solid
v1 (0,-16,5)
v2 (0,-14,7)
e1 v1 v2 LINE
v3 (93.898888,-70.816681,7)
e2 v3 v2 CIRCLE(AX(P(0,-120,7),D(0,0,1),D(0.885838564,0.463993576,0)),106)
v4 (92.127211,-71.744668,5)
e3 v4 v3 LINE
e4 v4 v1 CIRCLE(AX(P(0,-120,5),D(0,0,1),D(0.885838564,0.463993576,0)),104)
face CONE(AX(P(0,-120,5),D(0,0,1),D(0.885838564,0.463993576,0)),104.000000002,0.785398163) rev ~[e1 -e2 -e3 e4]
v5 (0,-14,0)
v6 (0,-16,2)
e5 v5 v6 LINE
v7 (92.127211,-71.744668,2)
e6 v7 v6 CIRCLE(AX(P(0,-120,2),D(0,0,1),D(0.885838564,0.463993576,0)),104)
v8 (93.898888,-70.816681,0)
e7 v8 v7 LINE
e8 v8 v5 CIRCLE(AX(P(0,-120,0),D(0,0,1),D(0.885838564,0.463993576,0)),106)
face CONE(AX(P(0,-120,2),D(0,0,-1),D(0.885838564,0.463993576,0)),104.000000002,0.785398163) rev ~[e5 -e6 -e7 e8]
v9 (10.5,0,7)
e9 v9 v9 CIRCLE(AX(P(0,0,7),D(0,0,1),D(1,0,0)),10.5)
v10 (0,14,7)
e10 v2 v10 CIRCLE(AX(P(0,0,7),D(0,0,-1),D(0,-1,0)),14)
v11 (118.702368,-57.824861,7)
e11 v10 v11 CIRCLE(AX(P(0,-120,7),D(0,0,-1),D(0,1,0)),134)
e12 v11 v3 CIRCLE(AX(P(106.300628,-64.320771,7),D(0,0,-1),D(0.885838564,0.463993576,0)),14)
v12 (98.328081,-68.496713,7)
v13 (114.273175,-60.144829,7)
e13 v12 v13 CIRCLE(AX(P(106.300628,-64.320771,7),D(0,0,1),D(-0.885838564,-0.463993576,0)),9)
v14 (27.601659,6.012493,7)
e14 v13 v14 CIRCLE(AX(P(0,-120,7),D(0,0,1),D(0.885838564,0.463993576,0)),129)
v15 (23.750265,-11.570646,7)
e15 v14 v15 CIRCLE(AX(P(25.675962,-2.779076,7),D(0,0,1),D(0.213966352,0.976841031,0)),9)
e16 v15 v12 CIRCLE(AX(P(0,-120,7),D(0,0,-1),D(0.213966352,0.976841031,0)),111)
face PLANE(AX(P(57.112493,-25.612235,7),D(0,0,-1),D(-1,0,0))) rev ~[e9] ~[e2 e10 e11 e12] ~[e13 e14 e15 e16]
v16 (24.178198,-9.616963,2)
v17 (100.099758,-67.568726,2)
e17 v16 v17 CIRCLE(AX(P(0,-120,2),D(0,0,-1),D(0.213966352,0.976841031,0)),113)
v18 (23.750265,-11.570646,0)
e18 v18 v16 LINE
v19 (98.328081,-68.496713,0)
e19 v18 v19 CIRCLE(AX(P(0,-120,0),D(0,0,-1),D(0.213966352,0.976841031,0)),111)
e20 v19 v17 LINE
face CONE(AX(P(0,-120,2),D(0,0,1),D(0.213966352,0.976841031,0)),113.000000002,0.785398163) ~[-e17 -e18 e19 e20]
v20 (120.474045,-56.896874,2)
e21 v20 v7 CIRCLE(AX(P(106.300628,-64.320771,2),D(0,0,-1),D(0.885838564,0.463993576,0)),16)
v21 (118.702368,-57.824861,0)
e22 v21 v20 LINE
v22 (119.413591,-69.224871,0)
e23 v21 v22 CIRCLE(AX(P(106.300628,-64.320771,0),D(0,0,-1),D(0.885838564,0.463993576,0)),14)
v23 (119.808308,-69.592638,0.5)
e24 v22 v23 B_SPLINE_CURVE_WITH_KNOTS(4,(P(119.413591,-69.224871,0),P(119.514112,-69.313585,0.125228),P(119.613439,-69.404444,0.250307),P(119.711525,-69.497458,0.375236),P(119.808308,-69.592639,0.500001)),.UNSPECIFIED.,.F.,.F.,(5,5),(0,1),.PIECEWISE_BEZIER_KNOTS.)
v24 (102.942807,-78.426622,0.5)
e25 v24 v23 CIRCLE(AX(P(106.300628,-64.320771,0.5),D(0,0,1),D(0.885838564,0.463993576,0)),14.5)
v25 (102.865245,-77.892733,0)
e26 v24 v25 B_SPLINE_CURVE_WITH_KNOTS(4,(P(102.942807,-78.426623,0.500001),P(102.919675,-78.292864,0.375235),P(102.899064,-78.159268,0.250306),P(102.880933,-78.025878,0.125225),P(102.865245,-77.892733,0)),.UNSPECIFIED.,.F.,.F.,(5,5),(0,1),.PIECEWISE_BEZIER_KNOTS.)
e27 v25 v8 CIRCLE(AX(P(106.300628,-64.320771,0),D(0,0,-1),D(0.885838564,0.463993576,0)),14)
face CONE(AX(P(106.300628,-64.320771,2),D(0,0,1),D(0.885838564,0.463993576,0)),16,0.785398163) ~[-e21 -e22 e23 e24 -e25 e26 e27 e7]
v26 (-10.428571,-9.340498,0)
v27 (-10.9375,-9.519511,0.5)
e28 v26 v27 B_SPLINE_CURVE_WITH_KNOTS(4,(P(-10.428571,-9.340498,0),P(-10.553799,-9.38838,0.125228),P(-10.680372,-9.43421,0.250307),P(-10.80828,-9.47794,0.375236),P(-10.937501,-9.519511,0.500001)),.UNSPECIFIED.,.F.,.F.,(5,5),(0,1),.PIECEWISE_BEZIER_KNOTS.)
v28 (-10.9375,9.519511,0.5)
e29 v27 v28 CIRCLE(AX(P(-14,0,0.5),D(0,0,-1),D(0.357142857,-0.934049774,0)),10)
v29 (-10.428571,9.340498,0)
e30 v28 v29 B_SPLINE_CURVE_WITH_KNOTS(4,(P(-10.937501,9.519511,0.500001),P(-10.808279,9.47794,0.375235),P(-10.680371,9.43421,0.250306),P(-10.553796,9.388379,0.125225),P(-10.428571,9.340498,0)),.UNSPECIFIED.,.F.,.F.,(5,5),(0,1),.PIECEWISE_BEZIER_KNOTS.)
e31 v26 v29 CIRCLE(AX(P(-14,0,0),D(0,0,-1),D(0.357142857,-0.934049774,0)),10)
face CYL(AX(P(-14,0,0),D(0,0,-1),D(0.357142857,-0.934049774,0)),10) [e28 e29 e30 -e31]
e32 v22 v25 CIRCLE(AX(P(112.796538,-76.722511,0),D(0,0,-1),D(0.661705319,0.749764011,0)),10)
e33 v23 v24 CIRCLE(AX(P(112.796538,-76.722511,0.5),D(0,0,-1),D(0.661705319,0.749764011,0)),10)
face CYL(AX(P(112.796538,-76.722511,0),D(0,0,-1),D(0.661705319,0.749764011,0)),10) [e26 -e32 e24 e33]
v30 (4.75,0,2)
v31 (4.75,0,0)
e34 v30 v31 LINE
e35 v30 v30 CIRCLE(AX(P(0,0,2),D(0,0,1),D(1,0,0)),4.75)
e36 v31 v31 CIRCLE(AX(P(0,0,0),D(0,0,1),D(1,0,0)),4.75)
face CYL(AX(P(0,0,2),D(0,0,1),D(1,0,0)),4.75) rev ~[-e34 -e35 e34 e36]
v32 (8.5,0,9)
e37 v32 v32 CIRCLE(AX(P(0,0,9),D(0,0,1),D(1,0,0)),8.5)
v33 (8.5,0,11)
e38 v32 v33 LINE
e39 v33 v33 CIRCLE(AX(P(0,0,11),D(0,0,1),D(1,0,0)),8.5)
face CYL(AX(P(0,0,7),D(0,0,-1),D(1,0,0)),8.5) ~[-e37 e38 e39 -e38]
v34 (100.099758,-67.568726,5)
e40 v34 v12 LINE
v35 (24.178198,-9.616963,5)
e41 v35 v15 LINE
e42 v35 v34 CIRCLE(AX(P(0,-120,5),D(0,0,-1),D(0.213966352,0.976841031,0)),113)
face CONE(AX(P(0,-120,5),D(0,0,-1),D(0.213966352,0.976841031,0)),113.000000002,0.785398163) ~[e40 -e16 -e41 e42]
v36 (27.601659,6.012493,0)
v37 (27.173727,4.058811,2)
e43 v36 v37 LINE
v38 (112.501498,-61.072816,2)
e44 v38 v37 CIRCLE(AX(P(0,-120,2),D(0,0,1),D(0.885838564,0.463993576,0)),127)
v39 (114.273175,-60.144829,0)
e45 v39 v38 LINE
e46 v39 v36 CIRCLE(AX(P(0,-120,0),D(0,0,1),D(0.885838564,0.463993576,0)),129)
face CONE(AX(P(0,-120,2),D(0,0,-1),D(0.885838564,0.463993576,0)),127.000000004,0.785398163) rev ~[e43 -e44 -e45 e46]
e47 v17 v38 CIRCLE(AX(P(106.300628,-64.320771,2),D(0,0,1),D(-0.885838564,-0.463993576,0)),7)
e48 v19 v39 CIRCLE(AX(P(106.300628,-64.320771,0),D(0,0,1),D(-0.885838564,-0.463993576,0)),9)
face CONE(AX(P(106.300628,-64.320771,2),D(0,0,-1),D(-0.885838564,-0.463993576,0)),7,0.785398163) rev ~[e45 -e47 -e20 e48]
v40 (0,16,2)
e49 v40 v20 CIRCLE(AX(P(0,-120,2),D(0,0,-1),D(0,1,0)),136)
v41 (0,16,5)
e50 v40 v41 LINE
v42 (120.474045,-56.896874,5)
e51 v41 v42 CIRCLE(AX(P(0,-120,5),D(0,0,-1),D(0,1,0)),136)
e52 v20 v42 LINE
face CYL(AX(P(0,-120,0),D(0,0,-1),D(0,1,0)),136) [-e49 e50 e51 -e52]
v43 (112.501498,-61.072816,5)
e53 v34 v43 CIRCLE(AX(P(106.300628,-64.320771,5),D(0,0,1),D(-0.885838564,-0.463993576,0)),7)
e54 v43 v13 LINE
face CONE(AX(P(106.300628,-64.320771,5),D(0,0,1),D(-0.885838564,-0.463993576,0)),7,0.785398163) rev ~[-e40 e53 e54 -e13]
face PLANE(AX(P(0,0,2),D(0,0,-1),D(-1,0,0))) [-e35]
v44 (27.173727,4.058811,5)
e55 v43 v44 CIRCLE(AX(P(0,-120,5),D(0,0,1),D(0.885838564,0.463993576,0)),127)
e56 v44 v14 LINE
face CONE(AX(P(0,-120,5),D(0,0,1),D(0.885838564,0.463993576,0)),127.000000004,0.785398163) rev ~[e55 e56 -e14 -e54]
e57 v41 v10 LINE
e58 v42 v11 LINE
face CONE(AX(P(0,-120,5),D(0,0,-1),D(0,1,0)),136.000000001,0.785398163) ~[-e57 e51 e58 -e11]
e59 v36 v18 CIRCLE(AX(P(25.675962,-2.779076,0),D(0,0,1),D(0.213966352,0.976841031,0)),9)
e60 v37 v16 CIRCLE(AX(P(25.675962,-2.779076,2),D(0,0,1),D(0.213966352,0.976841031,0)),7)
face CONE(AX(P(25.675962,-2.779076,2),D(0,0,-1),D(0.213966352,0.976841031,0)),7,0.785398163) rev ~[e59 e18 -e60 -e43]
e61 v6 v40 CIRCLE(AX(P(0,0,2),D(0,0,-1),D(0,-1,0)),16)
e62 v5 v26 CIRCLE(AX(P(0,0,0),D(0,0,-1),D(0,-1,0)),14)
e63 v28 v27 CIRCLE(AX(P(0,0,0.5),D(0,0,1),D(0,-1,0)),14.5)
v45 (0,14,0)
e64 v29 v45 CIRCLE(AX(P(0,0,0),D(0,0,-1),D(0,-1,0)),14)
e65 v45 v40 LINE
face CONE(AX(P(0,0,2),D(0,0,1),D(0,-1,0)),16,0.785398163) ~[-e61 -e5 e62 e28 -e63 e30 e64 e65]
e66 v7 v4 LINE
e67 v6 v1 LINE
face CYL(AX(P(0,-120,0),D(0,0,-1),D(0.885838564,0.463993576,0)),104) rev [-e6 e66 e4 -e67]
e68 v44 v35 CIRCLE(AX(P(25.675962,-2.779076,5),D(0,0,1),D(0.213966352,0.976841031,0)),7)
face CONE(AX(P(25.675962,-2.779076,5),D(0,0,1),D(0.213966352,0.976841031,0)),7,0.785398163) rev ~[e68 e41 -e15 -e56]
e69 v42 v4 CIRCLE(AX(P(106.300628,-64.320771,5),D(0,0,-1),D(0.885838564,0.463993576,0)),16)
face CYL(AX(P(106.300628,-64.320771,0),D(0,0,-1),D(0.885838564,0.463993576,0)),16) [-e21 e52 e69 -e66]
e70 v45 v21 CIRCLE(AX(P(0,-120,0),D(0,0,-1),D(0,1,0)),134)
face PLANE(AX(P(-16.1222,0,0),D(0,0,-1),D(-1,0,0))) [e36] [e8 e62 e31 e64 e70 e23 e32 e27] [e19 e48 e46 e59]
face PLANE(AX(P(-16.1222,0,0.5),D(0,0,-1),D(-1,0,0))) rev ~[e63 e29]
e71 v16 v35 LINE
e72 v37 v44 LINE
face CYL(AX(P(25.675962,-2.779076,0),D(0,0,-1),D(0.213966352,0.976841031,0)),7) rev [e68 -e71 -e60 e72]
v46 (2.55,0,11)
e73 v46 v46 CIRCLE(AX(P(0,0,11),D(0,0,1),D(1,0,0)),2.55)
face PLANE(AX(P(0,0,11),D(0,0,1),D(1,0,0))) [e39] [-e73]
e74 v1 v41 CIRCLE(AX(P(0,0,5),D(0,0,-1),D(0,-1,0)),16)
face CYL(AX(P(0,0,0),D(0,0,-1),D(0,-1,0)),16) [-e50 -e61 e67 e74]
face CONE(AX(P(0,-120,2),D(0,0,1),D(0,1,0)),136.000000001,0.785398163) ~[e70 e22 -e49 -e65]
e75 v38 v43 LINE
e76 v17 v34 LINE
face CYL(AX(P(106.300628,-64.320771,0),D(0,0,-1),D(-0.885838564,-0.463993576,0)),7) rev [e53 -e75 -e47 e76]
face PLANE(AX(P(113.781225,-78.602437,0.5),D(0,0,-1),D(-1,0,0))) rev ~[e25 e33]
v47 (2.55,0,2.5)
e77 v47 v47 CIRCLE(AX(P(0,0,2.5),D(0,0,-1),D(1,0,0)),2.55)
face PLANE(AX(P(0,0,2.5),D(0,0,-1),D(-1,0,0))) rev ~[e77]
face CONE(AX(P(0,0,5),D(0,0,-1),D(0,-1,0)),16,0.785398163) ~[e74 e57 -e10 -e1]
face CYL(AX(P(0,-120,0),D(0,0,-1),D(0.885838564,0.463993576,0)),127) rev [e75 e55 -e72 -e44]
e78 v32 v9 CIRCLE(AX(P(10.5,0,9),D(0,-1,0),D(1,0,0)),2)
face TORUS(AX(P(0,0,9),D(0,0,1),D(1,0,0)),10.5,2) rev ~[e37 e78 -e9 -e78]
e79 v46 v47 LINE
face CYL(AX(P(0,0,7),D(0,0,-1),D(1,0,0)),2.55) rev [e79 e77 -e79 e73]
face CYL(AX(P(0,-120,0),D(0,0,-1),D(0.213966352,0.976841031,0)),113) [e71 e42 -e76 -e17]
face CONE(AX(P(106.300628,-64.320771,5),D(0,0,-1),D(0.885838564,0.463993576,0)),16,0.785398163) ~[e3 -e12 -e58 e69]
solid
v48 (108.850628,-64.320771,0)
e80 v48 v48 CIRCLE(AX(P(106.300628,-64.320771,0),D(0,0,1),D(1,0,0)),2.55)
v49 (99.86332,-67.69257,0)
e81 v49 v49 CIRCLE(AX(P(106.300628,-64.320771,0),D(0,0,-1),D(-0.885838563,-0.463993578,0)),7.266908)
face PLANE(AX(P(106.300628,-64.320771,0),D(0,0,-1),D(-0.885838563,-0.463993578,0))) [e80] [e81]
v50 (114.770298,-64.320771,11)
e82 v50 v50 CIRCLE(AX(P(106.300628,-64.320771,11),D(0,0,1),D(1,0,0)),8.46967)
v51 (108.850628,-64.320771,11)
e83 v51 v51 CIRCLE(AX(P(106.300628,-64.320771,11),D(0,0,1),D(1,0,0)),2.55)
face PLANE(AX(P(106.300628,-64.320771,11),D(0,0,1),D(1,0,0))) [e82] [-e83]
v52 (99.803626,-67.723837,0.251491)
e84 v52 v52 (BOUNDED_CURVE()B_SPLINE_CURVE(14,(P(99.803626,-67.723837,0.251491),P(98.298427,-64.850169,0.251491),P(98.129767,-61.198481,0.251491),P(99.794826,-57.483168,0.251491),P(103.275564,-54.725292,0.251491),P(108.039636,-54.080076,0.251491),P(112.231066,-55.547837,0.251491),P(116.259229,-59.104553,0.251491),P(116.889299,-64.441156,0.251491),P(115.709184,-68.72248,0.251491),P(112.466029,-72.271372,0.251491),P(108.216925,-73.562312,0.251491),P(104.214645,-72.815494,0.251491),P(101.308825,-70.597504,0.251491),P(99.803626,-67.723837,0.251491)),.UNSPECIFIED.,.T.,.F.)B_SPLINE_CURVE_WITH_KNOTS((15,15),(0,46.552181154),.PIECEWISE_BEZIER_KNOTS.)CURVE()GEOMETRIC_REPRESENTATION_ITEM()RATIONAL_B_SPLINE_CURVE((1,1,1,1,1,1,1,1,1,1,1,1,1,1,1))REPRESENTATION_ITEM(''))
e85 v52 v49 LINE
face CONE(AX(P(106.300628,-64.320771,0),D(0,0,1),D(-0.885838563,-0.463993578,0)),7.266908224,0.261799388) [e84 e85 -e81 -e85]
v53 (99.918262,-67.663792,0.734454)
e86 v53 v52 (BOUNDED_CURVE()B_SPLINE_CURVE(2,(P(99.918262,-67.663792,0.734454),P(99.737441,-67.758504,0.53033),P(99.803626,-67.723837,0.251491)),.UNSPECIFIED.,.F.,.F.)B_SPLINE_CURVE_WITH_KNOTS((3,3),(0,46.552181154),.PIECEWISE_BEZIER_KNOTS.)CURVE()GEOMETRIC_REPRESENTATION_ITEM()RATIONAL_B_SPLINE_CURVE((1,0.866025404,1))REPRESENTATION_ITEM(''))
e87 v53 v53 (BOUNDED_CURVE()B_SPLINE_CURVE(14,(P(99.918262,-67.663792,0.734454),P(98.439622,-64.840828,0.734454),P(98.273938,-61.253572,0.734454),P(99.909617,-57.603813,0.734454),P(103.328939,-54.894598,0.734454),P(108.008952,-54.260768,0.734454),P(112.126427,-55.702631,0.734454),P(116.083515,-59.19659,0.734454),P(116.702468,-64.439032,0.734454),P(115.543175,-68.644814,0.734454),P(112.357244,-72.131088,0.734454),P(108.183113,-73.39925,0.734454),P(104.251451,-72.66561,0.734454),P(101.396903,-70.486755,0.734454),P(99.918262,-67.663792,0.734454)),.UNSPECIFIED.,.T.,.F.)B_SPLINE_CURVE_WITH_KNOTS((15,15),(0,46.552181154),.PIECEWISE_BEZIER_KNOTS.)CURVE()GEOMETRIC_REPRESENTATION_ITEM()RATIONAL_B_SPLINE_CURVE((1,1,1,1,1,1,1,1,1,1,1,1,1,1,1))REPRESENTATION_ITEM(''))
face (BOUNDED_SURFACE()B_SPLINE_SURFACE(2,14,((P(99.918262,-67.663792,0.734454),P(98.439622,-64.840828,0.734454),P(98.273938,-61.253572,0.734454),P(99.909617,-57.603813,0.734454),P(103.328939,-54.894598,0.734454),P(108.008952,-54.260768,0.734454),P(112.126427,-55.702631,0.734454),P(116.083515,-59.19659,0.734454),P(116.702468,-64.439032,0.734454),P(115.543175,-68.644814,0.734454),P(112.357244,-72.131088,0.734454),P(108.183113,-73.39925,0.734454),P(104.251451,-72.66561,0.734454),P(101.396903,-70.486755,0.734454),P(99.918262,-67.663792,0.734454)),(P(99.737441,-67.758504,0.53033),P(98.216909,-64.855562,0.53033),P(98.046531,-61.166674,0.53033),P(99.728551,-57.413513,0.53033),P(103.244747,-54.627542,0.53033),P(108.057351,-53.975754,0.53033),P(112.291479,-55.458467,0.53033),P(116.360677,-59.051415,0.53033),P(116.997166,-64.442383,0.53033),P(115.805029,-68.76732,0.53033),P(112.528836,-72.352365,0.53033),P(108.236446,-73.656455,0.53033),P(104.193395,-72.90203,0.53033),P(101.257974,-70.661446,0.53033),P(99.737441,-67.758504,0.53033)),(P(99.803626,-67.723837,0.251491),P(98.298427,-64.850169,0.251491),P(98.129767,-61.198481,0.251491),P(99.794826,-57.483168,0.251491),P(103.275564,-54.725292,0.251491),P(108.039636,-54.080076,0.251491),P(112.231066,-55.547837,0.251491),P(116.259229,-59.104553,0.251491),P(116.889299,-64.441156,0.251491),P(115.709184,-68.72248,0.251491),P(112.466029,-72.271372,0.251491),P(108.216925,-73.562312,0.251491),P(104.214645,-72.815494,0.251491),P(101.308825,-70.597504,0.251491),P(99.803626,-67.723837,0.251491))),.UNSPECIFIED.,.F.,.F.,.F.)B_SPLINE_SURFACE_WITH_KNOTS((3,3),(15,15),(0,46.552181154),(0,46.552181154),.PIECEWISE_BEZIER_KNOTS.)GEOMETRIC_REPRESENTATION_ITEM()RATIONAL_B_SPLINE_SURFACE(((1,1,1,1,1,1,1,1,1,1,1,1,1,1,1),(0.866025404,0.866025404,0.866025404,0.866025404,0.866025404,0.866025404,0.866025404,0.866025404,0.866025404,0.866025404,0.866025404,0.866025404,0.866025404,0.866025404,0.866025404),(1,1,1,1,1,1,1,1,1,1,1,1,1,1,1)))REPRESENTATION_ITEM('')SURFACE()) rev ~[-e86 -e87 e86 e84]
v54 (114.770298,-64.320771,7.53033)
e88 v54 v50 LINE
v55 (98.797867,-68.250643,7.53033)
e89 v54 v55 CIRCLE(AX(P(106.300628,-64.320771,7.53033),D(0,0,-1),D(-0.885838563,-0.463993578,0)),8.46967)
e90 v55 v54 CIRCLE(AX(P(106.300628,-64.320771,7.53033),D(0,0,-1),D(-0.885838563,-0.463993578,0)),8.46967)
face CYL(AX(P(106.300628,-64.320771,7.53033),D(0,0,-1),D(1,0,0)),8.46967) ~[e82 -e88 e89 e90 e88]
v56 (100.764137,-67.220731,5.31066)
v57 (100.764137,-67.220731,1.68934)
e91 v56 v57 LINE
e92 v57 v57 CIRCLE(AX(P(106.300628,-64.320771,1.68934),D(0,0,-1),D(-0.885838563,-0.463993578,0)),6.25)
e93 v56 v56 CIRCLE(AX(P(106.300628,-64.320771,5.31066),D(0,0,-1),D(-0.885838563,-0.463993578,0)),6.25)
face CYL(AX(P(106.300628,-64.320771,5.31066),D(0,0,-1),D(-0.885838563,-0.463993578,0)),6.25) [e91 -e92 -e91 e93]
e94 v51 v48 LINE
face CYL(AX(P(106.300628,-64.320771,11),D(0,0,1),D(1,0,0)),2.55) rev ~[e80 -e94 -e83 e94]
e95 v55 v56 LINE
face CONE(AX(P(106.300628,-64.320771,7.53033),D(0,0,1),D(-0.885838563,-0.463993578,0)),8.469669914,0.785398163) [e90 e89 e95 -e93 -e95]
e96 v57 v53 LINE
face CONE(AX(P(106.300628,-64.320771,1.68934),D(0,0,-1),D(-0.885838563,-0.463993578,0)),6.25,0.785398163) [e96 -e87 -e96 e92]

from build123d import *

# Parameters (mm, degrees)
SKETCH1_R           = 8.5
SKETCH1_R_2         = 2.55
BOSS_EXTRUDE1_DEPTH = 7
BOSS_EXTRUDE2_START = 7
SKETCH1_3_R         = 8.5
SKETCH1_3_R_2       = 2.55
BOSS_EXTRUDE2_DEPTH = 4
CHAMFER1_SIZE       = 2
FILLET2_R           = 2
CUT_EXTRUDE1_START  = -9
SKETCH2_R           = 4.75
CUT_EXTRUDE1_DEPTH  = 2
CHAMFER2_SIZE       = 0.75
CHAMFER2_SIZE2      = 0.672431604
FILLET3_R           = 0.5
SKETCH4_R           = 8.469669914
BOSS_EXTRUDE4_DEPTH = 3.46967
SKETCH5_R           = 2.55
CUT_EXTRUDE2_DEPTH  = 11
SKETCH7_R           = 2.55
BOSS_EXTRUDE5_DEPTH = 0.5
BOSS_EXTRUDE6_DEPTH = 0.5


with BuildPart() as part:
    # Sketch1 → Boss-Extrude1 (new body)
    with BuildSketch(Plane.XY):
        with BuildLine():
            ThreePointArc((92.127210642, -71.744668074), (53.839787702, -31.020916727), (0, -16))
            ThreePointArc((0, -16), (-16, 0), (0, 16))
            ThreePointArc((0, 16), (70.405876226, -3.642737258), (120.474044686, -56.896873635))
            ThreePointArc((120.474044686, -56.896873635), (113.724524883, -78.494187876), (92.127210642, -71.744668074))
        make_face()
        Circle(SKETCH1_R, mode=Mode.SUBTRACT)
        with BuildLine():
            ThreePointArc((112.501497611, -61.072815821), (77.057279191, -19.048646747), (27.173726746, 4.058810952))
            ThreePointArc((27.173726746, 4.058810952), (18.838075062, -1.2813118), (24.178197814, -9.616963484))
            ThreePointArc((24.178197814, -9.616963484), (68.562775973, -30.177142381), (100.099757717, -67.568725888))
            ThreePointArc((100.099757717, -67.568725888), (109.548582697, -70.521640801), (112.501497611, -61.072815821))
        make_face(mode=Mode.SUBTRACT)
        Circle(SKETCH1_R)
        Circle(SKETCH1_R_2, mode=Mode.SUBTRACT)
    extrude(amount=BOSS_EXTRUDE1_DEPTH)

    # Sketch1<3> → Boss-Extrude2 (add)
    with BuildSketch(Plane.XY.offset(BOSS_EXTRUDE2_START)):
        Circle(SKETCH1_3_R)
        Circle(SKETCH1_3_R_2, mode=Mode.SUBTRACT)
    extrude(amount=BOSS_EXTRUDE2_DEPTH)

    # Chamfer1
    chamfer1_edges = [part.edges().sort_by_distance(p)[0] for p in [
        (113.724524883, -78.494187876, 7),
        (18.838075062, -1.2813118, 0),
        (68.562775973, -30.177142381, 0),
        (109.548582697, -70.521640801, 0),
        (77.057279191, -19.048646747, 0),
        (-16, 0, 0),
        (70.405876226, -3.642737258, 0),
        (113.724524883, -78.494187876, 0),
        (70.405876226, -3.642737258, 7),
        (53.839787702, -31.020916727, 0),
        (-16, 0, 7),
        (77.057279191, -19.048646747, 7),
        (109.548582697, -70.521640801, 7),
        (68.562775973, -30.177142381, 7),
        (18.838075062, -1.2813118, 7),
        (53.839787702, -31.020916727, 7),
    ]]
    chamfer(chamfer1_edges, length=CHAMFER1_SIZE)

    # Fillet2
    fillet2_edges = [part.edges().sort_by_distance(p)[0] for p in [
        (-8.5, 0, 7),
    ]]
    fillet(fillet2_edges, radius=FILLET2_R)

    # Sketch2 → Cut-Extrude1 (cut)
    with BuildSketch(Plane.XY.offset(11).offset(CUT_EXTRUDE1_START)):
        Circle(SKETCH2_R)
    extrude(amount=-CUT_EXTRUDE1_DEPTH, mode=Mode.SUBTRACT)

    # Sketch7 → Boss-Extrude5 (add)
    with BuildSketch(Plane(origin=(0, 0, 2), x_dir=(-1, 0, 0), z_dir=(0, 0, -1))):
        Circle(SKETCH7_R)
    extrude(amount=-BOSS_EXTRUDE5_DEPTH)

    # Sketch8 → Boss-Extrude6 (add)
    with BuildSketch(Plane(origin=(0, 0, 0), x_dir=(-1, 0, 0), z_dir=(0, 0, -1))):
        with BuildLine():
            ThreePointArc((10.428571429, -9.340497736), (24, 0), (10.428571429, 9.340497736))
            ThreePointArc((10.428571429, 9.340497736), (14, 0), (10.428571429, -9.340497736))
        make_face()
        with BuildLine():
            ThreePointArc((-119.413590916, -69.224870643), (-117.436473493, -85.580896387), (-102.865244715, -77.89273254))
            ThreePointArc((-102.865244715, -77.89273254), (-112.796537731, -76.722510748), (-119.413590916, -69.224870643))
        make_face()
    extrude(amount=-BOSS_EXTRUDE6_DEPTH)


with BuildPart() as body_2:
    # Sketch3 → Revolve1 (revolve)
    with BuildSketch(Plane(origin=(49.322808384, -94.165195348, 0), x_dir=(-0.885838564, -0.463993576, 0), z_dir=(0.463993576, -0.885838564, 0))):
        Polygon((-55.85110094, -7.530330086), (-58.070770854, -5.310660172), (-58.070770854, -1.689339828), (-56.381431026, 0), (-64.320770854, 0), (-64.320770854, -7.530330086), align=None)
    revolve(axis=Axis((106.300627664, -64.320770854, 5), (0, 0, -1)))

    # Chamfer2
    chamfer2_edges = [body_2.edges().sort_by_distance(p)[0] for p in [
        (113.333601055, -60.636968174, 0),
    ]]
    chamfer2_side = [body_2.faces().sort_by_distance(p)[0] for p in [
        (112.585359872, -61.028889589, 0.844669914),
    ]]
    chamfer(chamfer2_edges, length=CHAMFER2_SIZE, length2=CHAMFER2_SIZE2, reference=chamfer2_side[0])

    # Fillet3
    fillet3_edges = [body_2.edges().sort_by_distance(p)[0] for p in [
        (112.863814214, -60.883037928, 0.530330086),
    ]]
    fillet(fillet3_edges, radius=FILLET3_R)

    # Sketch4 → Boss-Extrude4 (add)
    with BuildSketch(Plane.XY.offset(7.530330086)):
        with Locations((106.300627664, -64.320770854)):
            Circle(SKETCH4_R)
    extrude(amount=BOSS_EXTRUDE4_DEPTH)

    # Sketch5 → Cut-Extrude2 (cut)
    with BuildSketch(Plane.XY.offset(11)):
        with Locations((106.300627664, -64.320770854)):
            Circle(SKETCH5_R)
    extrude(amount=-CUT_EXTRUDE2_DEPTH, mode=Mode.SUBTRACT)


solid = Compound([part.part, body_2.part])
